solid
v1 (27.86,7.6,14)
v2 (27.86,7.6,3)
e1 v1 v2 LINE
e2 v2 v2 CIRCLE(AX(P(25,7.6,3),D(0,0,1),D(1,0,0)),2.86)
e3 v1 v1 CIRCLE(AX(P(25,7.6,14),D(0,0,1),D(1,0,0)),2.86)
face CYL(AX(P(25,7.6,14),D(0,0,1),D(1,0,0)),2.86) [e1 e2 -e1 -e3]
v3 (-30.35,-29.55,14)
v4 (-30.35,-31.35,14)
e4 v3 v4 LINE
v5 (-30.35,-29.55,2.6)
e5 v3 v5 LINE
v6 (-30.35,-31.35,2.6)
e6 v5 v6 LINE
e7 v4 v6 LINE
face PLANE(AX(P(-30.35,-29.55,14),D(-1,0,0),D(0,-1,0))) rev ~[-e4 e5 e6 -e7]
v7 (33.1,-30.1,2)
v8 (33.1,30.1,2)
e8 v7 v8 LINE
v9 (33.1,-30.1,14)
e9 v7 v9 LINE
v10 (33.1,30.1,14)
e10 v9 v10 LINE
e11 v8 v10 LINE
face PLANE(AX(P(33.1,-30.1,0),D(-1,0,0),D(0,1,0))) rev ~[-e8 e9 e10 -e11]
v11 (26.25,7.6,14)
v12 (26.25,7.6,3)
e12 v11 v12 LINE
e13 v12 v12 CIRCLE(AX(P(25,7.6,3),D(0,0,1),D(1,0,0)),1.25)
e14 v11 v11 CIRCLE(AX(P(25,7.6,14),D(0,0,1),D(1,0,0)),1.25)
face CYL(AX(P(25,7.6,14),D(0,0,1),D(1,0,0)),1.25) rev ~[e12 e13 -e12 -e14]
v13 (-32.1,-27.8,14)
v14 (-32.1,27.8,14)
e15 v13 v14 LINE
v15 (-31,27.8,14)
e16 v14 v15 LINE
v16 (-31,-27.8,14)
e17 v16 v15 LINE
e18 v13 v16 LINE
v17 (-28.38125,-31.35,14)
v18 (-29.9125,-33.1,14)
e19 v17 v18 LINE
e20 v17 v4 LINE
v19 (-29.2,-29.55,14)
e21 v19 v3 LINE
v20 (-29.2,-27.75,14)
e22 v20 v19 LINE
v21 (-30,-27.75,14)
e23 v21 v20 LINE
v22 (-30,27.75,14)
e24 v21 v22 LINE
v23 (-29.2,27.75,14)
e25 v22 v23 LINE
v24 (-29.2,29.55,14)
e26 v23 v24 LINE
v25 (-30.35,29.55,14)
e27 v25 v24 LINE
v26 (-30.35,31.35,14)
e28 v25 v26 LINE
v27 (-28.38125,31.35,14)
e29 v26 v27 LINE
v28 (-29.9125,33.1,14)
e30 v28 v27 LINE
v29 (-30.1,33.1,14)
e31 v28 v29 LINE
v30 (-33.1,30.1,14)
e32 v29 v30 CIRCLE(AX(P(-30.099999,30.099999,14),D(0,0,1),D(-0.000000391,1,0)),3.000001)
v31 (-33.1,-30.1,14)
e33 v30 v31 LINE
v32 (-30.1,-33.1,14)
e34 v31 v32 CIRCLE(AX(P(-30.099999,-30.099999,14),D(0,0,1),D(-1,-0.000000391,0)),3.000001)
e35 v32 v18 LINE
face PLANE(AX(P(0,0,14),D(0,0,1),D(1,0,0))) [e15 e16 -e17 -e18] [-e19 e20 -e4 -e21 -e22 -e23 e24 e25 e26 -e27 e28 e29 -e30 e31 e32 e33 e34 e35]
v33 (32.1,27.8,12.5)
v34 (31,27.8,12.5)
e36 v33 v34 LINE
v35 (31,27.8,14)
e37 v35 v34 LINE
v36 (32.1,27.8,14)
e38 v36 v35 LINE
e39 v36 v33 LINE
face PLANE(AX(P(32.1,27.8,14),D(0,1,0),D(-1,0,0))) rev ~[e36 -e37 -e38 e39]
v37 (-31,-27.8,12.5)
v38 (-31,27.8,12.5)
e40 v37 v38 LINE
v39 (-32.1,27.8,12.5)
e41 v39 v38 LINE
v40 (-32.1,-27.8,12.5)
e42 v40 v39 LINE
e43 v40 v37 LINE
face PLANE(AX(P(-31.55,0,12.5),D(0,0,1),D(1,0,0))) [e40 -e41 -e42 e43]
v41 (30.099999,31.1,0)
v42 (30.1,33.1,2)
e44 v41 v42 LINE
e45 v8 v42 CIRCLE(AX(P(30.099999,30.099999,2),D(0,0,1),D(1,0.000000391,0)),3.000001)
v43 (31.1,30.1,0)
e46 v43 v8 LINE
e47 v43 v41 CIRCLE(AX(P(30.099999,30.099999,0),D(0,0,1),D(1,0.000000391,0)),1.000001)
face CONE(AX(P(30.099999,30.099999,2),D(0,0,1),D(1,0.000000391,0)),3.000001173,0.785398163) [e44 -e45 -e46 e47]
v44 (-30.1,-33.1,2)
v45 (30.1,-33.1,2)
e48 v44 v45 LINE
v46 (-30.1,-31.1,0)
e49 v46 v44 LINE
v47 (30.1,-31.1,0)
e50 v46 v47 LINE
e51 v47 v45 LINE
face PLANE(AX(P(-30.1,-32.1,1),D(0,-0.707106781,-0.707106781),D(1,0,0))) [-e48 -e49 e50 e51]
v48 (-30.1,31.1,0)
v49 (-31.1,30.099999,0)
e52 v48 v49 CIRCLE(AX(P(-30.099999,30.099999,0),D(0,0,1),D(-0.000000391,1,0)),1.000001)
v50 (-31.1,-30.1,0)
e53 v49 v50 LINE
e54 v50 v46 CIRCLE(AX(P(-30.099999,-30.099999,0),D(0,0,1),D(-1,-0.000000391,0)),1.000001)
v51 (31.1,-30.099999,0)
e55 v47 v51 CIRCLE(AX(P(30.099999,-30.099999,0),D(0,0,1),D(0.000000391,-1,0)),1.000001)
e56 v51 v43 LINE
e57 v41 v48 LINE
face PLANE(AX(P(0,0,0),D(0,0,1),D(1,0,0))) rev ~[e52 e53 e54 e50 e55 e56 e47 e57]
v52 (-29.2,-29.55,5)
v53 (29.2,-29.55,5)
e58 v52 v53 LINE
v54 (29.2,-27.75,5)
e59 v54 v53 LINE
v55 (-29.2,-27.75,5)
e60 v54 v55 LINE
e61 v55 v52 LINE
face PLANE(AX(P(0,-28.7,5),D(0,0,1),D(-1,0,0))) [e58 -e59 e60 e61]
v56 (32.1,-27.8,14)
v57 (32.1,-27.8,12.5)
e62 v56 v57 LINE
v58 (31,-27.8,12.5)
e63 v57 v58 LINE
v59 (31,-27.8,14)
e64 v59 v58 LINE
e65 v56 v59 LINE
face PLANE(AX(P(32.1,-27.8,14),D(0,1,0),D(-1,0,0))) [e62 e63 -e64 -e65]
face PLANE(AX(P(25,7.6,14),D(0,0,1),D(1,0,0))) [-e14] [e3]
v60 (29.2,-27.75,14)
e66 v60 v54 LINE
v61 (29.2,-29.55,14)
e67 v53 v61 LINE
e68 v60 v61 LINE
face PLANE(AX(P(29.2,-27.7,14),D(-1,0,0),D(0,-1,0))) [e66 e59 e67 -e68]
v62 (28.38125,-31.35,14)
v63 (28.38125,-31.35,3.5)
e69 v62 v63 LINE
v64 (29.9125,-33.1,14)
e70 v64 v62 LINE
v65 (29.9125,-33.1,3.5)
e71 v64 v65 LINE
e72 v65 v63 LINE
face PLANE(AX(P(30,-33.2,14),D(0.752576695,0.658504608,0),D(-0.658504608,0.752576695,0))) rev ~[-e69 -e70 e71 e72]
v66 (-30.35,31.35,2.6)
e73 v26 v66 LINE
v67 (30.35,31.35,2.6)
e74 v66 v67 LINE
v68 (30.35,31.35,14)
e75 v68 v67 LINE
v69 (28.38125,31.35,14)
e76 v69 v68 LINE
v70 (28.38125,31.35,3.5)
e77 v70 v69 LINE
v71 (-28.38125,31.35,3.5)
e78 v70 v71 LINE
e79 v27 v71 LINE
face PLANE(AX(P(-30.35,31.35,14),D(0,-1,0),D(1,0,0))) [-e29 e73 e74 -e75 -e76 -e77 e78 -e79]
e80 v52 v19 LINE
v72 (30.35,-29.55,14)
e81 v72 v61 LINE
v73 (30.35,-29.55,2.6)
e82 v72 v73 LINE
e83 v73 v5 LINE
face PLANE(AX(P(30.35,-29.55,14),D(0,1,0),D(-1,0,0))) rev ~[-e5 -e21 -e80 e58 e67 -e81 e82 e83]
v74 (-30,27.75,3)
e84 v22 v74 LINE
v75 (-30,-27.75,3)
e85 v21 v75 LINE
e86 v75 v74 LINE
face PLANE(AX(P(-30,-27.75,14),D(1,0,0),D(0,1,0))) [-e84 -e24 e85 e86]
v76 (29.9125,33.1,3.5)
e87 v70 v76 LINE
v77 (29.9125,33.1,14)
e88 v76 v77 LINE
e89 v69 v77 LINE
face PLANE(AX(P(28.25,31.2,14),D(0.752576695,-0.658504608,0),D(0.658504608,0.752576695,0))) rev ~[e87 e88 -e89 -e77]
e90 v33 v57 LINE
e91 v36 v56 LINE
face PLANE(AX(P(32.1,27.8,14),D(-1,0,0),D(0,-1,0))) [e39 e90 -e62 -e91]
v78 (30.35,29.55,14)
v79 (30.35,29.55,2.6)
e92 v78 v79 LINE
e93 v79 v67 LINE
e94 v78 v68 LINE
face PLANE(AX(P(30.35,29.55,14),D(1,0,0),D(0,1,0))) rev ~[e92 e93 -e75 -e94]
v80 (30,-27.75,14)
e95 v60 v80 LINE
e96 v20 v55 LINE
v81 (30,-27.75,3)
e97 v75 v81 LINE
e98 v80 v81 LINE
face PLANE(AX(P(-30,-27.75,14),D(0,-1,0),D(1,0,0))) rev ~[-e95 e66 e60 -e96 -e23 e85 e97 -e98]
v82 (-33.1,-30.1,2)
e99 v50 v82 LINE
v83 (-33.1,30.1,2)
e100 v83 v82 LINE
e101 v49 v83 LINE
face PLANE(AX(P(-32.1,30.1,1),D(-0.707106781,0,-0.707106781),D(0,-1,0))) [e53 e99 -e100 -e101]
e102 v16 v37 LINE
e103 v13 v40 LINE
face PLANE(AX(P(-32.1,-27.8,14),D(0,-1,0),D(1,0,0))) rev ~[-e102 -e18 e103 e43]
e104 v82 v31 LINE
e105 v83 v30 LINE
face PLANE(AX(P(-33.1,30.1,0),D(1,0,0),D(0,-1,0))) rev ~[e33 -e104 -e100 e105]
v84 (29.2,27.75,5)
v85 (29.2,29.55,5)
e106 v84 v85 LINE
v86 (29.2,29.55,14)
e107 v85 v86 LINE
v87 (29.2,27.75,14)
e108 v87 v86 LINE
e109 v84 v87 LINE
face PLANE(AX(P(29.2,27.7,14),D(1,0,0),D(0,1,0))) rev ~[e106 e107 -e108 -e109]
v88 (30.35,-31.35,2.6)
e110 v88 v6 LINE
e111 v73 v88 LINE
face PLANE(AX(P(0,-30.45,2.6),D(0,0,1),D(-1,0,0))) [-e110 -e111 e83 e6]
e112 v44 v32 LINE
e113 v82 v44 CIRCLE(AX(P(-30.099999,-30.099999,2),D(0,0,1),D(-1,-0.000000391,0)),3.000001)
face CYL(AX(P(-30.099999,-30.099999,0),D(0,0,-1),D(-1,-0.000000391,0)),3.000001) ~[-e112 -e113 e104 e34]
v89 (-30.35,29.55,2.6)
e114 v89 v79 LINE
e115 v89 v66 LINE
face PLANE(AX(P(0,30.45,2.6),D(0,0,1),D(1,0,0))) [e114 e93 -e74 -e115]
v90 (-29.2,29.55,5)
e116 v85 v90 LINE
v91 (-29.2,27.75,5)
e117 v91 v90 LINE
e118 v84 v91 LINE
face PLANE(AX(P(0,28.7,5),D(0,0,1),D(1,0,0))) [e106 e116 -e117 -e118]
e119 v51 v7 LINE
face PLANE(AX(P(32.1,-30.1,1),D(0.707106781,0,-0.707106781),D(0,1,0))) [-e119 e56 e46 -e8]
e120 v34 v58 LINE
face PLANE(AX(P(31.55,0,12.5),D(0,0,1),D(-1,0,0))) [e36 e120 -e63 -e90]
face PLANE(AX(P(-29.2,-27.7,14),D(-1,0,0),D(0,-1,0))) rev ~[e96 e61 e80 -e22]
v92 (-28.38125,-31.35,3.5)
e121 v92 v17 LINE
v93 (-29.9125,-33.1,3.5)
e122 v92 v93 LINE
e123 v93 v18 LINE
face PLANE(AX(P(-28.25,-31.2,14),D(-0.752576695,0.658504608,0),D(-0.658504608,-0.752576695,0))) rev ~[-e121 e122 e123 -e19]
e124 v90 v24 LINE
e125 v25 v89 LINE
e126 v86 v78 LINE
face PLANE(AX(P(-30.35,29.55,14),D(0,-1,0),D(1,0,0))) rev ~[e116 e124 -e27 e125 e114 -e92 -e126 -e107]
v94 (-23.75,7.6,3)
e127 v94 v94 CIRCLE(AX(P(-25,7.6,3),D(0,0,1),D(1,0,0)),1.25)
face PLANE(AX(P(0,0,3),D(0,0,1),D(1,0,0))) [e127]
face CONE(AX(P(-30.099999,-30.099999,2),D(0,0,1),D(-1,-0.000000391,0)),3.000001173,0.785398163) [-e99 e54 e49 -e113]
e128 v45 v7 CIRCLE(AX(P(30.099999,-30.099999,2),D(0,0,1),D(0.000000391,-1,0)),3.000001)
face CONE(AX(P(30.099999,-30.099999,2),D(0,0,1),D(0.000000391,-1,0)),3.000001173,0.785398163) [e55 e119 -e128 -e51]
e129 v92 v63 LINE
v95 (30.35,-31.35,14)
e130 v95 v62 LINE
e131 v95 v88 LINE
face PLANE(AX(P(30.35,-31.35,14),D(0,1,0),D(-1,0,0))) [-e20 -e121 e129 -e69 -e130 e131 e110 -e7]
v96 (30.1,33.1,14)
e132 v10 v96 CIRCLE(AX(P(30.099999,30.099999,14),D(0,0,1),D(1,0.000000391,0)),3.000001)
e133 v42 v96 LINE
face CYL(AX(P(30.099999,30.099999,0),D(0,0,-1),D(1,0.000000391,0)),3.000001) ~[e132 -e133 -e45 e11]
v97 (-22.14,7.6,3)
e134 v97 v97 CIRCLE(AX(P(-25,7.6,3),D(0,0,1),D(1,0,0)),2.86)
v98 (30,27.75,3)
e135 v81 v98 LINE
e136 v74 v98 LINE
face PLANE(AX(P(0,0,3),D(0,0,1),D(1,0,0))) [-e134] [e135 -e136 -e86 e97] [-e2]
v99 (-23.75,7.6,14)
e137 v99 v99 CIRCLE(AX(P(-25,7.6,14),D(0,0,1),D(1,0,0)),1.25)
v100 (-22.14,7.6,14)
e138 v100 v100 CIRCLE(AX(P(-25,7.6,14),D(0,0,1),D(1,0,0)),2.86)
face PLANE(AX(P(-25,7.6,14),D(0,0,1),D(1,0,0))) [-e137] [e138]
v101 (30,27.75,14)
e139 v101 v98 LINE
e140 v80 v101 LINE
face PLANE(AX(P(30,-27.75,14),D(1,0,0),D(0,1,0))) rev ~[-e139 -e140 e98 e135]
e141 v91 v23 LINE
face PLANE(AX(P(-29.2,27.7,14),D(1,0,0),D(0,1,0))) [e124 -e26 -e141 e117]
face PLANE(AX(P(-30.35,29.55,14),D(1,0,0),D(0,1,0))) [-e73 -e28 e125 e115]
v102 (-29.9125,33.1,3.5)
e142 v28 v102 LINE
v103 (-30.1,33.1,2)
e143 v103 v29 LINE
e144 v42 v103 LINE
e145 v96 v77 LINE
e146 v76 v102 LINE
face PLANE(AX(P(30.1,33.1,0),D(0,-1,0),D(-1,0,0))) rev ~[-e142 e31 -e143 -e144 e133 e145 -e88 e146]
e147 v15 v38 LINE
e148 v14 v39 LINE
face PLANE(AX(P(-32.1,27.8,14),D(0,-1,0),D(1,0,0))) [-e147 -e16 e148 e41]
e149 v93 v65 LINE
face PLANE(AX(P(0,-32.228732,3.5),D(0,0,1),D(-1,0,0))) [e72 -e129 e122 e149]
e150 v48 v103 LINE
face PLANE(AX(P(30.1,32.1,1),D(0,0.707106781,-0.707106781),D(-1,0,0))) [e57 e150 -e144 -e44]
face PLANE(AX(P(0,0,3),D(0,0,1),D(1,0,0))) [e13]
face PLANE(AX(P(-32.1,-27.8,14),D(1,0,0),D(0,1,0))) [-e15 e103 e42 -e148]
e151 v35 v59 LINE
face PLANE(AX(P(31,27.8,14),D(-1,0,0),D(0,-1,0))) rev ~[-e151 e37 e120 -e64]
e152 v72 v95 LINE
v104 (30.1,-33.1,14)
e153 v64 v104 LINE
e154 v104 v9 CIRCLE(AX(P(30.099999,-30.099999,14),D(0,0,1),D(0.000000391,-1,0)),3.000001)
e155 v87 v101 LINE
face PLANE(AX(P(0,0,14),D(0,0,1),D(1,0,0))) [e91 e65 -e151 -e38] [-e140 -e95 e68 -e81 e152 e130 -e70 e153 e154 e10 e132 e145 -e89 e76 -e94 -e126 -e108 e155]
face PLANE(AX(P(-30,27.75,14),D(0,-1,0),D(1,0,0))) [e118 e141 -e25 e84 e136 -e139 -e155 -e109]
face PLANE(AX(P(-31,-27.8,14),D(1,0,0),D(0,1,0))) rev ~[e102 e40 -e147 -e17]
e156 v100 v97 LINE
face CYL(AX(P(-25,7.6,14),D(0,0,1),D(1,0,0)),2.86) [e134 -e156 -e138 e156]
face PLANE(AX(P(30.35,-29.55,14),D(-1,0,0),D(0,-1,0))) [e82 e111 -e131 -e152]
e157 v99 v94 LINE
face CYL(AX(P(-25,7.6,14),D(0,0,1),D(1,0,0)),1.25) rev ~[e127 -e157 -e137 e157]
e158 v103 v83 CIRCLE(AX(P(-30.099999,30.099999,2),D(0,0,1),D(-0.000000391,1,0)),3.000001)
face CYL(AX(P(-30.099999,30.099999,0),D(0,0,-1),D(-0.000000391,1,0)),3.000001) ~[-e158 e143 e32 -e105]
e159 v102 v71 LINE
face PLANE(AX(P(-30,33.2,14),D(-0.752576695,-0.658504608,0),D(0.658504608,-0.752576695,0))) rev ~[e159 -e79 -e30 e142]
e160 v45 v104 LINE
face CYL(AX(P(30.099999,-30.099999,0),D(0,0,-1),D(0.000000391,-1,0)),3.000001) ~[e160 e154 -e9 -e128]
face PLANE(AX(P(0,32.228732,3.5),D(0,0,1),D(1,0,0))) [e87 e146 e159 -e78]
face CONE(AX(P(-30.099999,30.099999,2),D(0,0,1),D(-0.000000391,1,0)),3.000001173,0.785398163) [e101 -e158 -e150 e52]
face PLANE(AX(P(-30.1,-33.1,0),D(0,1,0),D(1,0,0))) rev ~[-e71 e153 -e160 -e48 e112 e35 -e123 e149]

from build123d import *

# Parameters (mm, degrees)
PAD_DEPTH             = 14
SKETCH001_W           = 60
SKETCH001_H           = 55.5
POCKET_DEPTH          = 11
SKETCH002_W           = 60.7
SKETCH002_H           = 1.8
POCKET001_DEPTH       = 11.4
POLARPATTERN_COUNT    = 2
SKETCH003_W           = 58.4
SKETCH003_H           = 2
POCKET002_DEPTH       = 9
POLARPATTERN001_COUNT = 2
POCKET003_DEPTH       = 10.5
POLARPATTERN002_COUNT = 2
SKETCH005_W           = 1.1
SKETCH005_H           = 55.6
POCKET004_DEPTH       = 1.5
POLARPATTERN003_COUNT = 2
SKETCH006_R           = 2.86
SKETCH006_R_2         = 1.25
PAD001_DEPTH          = 11
CHAMFER_SIZE          = 2


with BuildPart() as part:
    # Sketch → Pad (new body)
    with BuildSketch(Plane.XY):
        with BuildLine():
            Line((-33.1, 30.1), (-33.1, -30.1))
            ThreePointArc((-33.1, -30.1), (-32.22132, -32.22132), (-30.1, -33.1))
            Line((-30.1, -33.1), (30.1, -33.1))
            ThreePointArc((30.1, -33.1), (32.22132, -32.22132), (33.1, -30.1))
            Line((33.1, -30.1), (33.1, 30.1))
            ThreePointArc((33.1, 30.1), (32.22132, 32.22132), (30.1, 33.1))
            Line((30.1, 33.1), (-30.1, 33.1))
            ThreePointArc((-30.1, 33.1), (-32.22132, 32.22132), (-33.1, 30.1))
        make_face()
    extrude(amount=PAD_DEPTH)

    # Sketch001 (on DatumPlane) → Pocket (cut)
    with BuildSketch(Plane.XY.offset(14)):
        Rectangle(SKETCH001_W, SKETCH001_H)
    extrude(amount=-POCKET_DEPTH, mode=Mode.SUBTRACT)

    # Sketch002 (on DatumPlane) → Pocket001 (cut)
    with BuildSketch(Plane.XY.offset(14)):
        with Locations((0, 30.45)):
            Rectangle(SKETCH002_W, SKETCH002_H)
    pocket001 = extrude(amount=-POCKET001_DEPTH, mode=Mode.SUBTRACT)

    # PolarPattern: Pocket001 ×2 about axis
    polarpattern_axis = Axis((0, 0, 14), (0, 0, 1))
    for i in range(1, POLARPATTERN_COUNT):
        add(pocket001.rotate(polarpattern_axis, i * 360 / POLARPATTERN_COUNT), mode=Mode.SUBTRACT)

    # Sketch003 (on DatumPlane) → Pocket002 (cut)
    with BuildSketch(Plane.XY.offset(14)):
        with Locations((0, 28.7)):
            Rectangle(SKETCH003_W, SKETCH003_H)
    pocket002 = extrude(amount=-POCKET002_DEPTH, mode=Mode.SUBTRACT)

    # PolarPattern001: Pocket002 ×2 about axis
    polarpattern001_axis = Axis((0, 0, 14), (0, 0, 1))
    for i in range(1, POLARPATTERN001_COUNT):
        add(pocket002.rotate(polarpattern001_axis, i * 360 / POLARPATTERN001_COUNT), mode=Mode.SUBTRACT)

    # Sketch004 (on DatumPlane) → Pocket003 (cut)
    with BuildSketch(Plane.XY.offset(14)):
        Polygon((-28.25, 31.2), (28.25, 31.2), (30, 33.2), (-30, 33.2), align=None)
    pocket003 = extrude(amount=-POCKET003_DEPTH, mode=Mode.SUBTRACT)

    # PolarPattern002: Pocket003 ×2 about axis
    polarpattern002_axis = Axis((0, 0, 14), (0, 0, 1))
    for i in range(1, POLARPATTERN002_COUNT):
        add(pocket003.rotate(polarpattern002_axis, i * 360 / POLARPATTERN002_COUNT), mode=Mode.SUBTRACT)

    # Sketch005 (on DatumPlane) → Pocket004 (cut)
    with BuildSketch(Plane.XY.offset(14)):
        with Locations((-31.55, 0)):
            Rectangle(SKETCH005_W, SKETCH005_H)
    pocket004 = extrude(amount=-POCKET004_DEPTH, mode=Mode.SUBTRACT)

    # PolarPattern003: Pocket004 ×2 about axis
    polarpattern003_axis = Axis((0, 0, 14), (0, 0, 1))
    for i in range(1, POLARPATTERN003_COUNT):
        add(pocket004.rotate(polarpattern003_axis, i * 360 / POLARPATTERN003_COUNT), mode=Mode.SUBTRACT)

    # Sketch006 (on DatumPlane) → Pad001 (join)
    with BuildSketch(Plane.XY.offset(14)):
        with Locations((-25, 7.6)):
            Circle(SKETCH006_R)
        with Locations((-25, 7.6)):
            Circle(SKETCH006_R_2, mode=Mode.SUBTRACT)
        with Locations((25, 7.6)):
            Circle(SKETCH006_R)
        with Locations((25, 7.6)):
            Circle(SKETCH006_R_2, mode=Mode.SUBTRACT)
    extrude(amount=-PAD001_DEPTH)

    # Chamfer
    chamfer_edges = [part.edges().sort_by_distance(p)[0] for p in [
        (0, -33.1, 0),
    ]]
    chamfer(chamfer_edges, length=CHAMFER_SIZE)


solid = part.part
